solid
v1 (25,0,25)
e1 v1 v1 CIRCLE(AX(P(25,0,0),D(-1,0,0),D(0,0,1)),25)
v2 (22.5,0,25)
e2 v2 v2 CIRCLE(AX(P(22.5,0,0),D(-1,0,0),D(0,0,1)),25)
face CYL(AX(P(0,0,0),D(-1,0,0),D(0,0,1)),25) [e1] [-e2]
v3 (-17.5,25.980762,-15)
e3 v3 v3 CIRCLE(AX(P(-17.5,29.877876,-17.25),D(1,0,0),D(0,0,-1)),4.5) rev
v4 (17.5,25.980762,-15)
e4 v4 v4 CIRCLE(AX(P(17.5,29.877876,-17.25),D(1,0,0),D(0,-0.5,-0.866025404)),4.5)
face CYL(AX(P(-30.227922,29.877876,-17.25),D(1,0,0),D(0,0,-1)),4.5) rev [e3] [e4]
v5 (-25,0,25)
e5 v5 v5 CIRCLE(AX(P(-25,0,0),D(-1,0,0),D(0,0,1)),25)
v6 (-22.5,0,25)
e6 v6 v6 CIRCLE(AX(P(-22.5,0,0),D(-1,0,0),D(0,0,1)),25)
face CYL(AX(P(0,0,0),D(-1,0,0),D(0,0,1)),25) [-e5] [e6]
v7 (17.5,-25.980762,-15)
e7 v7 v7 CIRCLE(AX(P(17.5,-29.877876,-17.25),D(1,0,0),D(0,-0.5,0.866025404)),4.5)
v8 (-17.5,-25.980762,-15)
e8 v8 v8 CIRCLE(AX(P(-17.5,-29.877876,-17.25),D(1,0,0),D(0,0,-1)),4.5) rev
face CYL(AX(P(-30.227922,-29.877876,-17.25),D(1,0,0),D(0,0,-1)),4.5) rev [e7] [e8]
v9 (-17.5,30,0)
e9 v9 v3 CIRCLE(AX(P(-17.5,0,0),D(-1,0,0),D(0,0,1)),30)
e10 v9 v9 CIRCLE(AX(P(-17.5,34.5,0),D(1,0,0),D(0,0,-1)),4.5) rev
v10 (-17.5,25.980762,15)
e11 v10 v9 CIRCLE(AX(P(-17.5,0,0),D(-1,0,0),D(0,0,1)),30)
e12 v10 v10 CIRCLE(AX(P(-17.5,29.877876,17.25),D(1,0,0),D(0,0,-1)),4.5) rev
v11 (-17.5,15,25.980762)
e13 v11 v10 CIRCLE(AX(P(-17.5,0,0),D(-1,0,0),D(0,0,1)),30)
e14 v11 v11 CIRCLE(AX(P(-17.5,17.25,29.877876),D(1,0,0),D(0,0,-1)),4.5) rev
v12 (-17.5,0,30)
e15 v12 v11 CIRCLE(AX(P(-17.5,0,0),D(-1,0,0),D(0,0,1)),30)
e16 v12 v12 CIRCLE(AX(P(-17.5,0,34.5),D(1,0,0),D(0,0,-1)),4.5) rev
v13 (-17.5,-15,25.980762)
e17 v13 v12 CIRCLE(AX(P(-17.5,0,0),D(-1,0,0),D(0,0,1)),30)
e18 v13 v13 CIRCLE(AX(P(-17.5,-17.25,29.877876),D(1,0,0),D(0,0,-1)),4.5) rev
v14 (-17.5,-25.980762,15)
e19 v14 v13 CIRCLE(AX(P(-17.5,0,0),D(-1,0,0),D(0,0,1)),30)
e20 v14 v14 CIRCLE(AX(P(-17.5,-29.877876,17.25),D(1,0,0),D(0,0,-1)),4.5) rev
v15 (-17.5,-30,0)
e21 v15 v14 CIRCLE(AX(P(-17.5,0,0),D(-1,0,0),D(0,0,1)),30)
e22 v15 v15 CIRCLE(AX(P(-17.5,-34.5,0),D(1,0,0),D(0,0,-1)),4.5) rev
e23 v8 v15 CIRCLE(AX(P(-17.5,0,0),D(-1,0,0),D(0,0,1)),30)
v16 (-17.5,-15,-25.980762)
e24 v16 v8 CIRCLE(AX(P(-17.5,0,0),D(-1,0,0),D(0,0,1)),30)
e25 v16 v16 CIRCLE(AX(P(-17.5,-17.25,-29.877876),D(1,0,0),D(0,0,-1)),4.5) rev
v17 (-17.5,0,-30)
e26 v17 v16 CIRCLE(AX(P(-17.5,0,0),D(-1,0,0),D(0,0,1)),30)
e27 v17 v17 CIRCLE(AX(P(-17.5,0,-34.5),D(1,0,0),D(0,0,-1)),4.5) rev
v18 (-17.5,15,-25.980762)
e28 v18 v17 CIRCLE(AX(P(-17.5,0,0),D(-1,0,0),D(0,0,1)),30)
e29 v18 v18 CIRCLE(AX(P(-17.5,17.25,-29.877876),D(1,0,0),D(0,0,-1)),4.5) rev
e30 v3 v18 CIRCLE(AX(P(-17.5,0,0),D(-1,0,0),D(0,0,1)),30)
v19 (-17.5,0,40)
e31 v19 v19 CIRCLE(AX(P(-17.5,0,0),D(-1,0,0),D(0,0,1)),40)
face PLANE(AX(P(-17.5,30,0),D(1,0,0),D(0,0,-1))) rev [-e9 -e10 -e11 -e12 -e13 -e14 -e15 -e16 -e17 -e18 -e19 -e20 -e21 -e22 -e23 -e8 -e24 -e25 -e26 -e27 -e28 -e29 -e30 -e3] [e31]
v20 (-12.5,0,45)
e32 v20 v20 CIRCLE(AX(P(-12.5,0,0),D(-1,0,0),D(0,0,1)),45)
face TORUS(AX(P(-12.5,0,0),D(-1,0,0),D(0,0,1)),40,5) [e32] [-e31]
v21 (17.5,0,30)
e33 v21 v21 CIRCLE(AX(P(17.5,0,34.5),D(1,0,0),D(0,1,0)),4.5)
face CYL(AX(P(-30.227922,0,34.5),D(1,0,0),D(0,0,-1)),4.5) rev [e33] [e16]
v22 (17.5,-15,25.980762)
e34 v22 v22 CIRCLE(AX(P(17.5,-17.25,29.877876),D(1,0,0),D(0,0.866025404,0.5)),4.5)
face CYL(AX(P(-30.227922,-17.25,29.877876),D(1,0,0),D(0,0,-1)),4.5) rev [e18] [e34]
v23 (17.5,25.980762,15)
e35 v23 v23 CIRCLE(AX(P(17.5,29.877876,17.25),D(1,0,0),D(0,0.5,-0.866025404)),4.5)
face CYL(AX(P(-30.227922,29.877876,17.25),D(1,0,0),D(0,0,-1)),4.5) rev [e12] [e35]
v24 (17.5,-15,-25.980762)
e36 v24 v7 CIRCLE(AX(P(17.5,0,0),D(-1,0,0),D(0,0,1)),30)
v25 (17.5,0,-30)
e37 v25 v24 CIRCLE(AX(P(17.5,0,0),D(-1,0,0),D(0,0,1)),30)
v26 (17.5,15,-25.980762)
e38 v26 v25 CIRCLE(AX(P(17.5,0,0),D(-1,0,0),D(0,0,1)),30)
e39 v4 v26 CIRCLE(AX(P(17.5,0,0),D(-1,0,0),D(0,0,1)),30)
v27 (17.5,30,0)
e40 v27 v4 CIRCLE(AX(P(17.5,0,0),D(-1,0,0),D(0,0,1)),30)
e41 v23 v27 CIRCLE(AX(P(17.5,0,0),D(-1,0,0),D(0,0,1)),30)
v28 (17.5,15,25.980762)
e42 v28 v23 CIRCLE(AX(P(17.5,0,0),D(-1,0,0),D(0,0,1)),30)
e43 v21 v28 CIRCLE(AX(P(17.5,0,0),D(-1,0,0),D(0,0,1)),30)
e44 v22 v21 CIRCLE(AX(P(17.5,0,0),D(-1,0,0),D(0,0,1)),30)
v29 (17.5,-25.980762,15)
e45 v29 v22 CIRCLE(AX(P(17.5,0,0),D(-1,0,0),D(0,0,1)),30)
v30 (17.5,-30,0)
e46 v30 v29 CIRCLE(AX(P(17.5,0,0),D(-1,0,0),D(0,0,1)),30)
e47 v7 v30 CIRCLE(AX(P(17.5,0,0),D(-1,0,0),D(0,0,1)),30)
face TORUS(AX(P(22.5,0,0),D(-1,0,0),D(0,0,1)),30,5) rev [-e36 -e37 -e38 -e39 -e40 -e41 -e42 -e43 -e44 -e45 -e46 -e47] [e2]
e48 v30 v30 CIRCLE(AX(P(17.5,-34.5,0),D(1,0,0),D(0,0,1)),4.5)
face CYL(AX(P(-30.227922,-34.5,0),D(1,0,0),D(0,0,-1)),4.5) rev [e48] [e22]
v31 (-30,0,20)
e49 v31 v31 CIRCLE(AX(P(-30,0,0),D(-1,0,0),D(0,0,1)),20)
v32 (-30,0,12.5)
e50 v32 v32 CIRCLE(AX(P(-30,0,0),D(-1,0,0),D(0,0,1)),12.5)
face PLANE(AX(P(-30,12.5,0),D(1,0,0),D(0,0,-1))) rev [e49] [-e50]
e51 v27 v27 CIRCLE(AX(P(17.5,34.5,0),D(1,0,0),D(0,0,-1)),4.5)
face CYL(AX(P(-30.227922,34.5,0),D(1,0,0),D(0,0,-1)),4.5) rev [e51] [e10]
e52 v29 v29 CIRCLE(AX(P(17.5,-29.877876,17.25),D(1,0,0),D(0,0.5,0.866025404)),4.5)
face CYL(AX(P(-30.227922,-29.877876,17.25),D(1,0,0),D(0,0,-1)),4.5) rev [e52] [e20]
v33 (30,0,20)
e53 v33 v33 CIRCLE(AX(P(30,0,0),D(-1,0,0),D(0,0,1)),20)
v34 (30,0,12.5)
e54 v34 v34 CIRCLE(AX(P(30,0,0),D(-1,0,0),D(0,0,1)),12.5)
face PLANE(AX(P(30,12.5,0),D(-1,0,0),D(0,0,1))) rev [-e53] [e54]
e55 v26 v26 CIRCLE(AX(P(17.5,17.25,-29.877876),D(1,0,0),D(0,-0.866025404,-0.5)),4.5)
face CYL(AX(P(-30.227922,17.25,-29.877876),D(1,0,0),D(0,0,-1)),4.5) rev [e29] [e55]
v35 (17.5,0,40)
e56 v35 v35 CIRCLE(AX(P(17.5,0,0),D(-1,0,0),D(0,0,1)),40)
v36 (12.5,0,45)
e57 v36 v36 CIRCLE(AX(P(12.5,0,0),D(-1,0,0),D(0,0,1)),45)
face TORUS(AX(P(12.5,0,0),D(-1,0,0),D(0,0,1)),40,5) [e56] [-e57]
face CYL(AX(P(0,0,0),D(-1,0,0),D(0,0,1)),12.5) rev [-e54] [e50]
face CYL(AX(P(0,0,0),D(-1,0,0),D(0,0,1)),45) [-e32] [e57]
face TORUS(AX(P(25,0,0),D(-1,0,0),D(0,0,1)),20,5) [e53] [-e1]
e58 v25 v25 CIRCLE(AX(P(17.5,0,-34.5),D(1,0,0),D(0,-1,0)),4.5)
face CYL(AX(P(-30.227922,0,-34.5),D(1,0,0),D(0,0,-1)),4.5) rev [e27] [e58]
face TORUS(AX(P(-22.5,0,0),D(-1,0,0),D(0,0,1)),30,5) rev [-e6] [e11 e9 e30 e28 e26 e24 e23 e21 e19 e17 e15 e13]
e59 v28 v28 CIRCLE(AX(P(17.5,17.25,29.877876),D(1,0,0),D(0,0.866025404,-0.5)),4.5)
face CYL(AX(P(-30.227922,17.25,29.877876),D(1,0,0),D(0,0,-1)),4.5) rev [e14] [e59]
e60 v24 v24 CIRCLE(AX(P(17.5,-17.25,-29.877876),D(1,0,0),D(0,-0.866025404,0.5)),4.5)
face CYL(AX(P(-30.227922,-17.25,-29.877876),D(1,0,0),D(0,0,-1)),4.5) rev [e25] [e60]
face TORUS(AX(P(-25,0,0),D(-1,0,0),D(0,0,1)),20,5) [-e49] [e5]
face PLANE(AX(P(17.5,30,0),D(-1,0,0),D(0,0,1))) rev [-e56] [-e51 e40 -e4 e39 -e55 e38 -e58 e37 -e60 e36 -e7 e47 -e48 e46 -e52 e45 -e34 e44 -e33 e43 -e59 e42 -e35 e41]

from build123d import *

# Parameters (mm, degrees)
SKETCH2_R          = 4.5
CUT_EXTRUDE1_DEPTH = 35
CIRPATTERN1_COUNT  = 12


with BuildPart() as part:
    # Sketch1 → Revolve1 (revolve)
    with BuildSketch(Plane.XY, mode=Mode.PRIVATE) as revolve1_sk:
        with BuildLine():
            Line((-22.5, 25), (-25, 25))
            ThreePointArc((-25, 25), (-28.535533906, 23.535533906), (-30, 20))
            Line((-30, 20), (-30, 12.5))
            Line((-30, 12.5), (30, 12.5))
            Line((30, 12.5), (30, 20))
            ThreePointArc((30, 20), (28.535533906, 23.535533906), (25, 25))
            Line((25, 25), (22.5, 25))
            ThreePointArc((22.5, 25), (18.964466094, 26.464466094), (17.5, 30))
            Line((17.5, 30), (17.5, 40))
            ThreePointArc((17.5, 40), (16.035533906, 43.535533906), (12.5, 45))
            Line((12.5, 45), (-12.5, 45))
            ThreePointArc((-12.5, 45), (-16.035533906, 43.535533906), (-17.5, 40))
            Line((-17.5, 40), (-17.5, 30))
            ThreePointArc((-17.5, 30), (-18.964466094, 26.464466094), (-22.5, 25))
        make_face()
    revolve(revolve1_sk.sketch.rotate(Axis((0, 0, 0), (1, 0, 0)), 90), axis=Axis((0, 0, 0), (1, 0, 0)))

    # Sketch2 → Cut-Extrude1 (cut)
    with BuildSketch(Plane(origin=(17.5, 0, 0), x_dir=(0, 0, -1), z_dir=(1, 0, 0))):
        with Locations(Location((0, 34.5, 0), (0, 0, 270))):
            Circle(SKETCH2_R)
    cut_extrude1 = extrude(amount=-CUT_EXTRUDE1_DEPTH, mode=Mode.SUBTRACT)

    # CirPattern1: Cut-Extrude1 ×12 about axis
    cirpattern1_axis = Axis((0, 0, 0), (1, 0, 0))
    for i in range(1, CIRPATTERN1_COUNT):
        add(cut_extrude1.rotate(cirpattern1_axis, i * 360 / CIRPATTERN1_COUNT), mode=Mode.SUBTRACT)


solid = part.part
